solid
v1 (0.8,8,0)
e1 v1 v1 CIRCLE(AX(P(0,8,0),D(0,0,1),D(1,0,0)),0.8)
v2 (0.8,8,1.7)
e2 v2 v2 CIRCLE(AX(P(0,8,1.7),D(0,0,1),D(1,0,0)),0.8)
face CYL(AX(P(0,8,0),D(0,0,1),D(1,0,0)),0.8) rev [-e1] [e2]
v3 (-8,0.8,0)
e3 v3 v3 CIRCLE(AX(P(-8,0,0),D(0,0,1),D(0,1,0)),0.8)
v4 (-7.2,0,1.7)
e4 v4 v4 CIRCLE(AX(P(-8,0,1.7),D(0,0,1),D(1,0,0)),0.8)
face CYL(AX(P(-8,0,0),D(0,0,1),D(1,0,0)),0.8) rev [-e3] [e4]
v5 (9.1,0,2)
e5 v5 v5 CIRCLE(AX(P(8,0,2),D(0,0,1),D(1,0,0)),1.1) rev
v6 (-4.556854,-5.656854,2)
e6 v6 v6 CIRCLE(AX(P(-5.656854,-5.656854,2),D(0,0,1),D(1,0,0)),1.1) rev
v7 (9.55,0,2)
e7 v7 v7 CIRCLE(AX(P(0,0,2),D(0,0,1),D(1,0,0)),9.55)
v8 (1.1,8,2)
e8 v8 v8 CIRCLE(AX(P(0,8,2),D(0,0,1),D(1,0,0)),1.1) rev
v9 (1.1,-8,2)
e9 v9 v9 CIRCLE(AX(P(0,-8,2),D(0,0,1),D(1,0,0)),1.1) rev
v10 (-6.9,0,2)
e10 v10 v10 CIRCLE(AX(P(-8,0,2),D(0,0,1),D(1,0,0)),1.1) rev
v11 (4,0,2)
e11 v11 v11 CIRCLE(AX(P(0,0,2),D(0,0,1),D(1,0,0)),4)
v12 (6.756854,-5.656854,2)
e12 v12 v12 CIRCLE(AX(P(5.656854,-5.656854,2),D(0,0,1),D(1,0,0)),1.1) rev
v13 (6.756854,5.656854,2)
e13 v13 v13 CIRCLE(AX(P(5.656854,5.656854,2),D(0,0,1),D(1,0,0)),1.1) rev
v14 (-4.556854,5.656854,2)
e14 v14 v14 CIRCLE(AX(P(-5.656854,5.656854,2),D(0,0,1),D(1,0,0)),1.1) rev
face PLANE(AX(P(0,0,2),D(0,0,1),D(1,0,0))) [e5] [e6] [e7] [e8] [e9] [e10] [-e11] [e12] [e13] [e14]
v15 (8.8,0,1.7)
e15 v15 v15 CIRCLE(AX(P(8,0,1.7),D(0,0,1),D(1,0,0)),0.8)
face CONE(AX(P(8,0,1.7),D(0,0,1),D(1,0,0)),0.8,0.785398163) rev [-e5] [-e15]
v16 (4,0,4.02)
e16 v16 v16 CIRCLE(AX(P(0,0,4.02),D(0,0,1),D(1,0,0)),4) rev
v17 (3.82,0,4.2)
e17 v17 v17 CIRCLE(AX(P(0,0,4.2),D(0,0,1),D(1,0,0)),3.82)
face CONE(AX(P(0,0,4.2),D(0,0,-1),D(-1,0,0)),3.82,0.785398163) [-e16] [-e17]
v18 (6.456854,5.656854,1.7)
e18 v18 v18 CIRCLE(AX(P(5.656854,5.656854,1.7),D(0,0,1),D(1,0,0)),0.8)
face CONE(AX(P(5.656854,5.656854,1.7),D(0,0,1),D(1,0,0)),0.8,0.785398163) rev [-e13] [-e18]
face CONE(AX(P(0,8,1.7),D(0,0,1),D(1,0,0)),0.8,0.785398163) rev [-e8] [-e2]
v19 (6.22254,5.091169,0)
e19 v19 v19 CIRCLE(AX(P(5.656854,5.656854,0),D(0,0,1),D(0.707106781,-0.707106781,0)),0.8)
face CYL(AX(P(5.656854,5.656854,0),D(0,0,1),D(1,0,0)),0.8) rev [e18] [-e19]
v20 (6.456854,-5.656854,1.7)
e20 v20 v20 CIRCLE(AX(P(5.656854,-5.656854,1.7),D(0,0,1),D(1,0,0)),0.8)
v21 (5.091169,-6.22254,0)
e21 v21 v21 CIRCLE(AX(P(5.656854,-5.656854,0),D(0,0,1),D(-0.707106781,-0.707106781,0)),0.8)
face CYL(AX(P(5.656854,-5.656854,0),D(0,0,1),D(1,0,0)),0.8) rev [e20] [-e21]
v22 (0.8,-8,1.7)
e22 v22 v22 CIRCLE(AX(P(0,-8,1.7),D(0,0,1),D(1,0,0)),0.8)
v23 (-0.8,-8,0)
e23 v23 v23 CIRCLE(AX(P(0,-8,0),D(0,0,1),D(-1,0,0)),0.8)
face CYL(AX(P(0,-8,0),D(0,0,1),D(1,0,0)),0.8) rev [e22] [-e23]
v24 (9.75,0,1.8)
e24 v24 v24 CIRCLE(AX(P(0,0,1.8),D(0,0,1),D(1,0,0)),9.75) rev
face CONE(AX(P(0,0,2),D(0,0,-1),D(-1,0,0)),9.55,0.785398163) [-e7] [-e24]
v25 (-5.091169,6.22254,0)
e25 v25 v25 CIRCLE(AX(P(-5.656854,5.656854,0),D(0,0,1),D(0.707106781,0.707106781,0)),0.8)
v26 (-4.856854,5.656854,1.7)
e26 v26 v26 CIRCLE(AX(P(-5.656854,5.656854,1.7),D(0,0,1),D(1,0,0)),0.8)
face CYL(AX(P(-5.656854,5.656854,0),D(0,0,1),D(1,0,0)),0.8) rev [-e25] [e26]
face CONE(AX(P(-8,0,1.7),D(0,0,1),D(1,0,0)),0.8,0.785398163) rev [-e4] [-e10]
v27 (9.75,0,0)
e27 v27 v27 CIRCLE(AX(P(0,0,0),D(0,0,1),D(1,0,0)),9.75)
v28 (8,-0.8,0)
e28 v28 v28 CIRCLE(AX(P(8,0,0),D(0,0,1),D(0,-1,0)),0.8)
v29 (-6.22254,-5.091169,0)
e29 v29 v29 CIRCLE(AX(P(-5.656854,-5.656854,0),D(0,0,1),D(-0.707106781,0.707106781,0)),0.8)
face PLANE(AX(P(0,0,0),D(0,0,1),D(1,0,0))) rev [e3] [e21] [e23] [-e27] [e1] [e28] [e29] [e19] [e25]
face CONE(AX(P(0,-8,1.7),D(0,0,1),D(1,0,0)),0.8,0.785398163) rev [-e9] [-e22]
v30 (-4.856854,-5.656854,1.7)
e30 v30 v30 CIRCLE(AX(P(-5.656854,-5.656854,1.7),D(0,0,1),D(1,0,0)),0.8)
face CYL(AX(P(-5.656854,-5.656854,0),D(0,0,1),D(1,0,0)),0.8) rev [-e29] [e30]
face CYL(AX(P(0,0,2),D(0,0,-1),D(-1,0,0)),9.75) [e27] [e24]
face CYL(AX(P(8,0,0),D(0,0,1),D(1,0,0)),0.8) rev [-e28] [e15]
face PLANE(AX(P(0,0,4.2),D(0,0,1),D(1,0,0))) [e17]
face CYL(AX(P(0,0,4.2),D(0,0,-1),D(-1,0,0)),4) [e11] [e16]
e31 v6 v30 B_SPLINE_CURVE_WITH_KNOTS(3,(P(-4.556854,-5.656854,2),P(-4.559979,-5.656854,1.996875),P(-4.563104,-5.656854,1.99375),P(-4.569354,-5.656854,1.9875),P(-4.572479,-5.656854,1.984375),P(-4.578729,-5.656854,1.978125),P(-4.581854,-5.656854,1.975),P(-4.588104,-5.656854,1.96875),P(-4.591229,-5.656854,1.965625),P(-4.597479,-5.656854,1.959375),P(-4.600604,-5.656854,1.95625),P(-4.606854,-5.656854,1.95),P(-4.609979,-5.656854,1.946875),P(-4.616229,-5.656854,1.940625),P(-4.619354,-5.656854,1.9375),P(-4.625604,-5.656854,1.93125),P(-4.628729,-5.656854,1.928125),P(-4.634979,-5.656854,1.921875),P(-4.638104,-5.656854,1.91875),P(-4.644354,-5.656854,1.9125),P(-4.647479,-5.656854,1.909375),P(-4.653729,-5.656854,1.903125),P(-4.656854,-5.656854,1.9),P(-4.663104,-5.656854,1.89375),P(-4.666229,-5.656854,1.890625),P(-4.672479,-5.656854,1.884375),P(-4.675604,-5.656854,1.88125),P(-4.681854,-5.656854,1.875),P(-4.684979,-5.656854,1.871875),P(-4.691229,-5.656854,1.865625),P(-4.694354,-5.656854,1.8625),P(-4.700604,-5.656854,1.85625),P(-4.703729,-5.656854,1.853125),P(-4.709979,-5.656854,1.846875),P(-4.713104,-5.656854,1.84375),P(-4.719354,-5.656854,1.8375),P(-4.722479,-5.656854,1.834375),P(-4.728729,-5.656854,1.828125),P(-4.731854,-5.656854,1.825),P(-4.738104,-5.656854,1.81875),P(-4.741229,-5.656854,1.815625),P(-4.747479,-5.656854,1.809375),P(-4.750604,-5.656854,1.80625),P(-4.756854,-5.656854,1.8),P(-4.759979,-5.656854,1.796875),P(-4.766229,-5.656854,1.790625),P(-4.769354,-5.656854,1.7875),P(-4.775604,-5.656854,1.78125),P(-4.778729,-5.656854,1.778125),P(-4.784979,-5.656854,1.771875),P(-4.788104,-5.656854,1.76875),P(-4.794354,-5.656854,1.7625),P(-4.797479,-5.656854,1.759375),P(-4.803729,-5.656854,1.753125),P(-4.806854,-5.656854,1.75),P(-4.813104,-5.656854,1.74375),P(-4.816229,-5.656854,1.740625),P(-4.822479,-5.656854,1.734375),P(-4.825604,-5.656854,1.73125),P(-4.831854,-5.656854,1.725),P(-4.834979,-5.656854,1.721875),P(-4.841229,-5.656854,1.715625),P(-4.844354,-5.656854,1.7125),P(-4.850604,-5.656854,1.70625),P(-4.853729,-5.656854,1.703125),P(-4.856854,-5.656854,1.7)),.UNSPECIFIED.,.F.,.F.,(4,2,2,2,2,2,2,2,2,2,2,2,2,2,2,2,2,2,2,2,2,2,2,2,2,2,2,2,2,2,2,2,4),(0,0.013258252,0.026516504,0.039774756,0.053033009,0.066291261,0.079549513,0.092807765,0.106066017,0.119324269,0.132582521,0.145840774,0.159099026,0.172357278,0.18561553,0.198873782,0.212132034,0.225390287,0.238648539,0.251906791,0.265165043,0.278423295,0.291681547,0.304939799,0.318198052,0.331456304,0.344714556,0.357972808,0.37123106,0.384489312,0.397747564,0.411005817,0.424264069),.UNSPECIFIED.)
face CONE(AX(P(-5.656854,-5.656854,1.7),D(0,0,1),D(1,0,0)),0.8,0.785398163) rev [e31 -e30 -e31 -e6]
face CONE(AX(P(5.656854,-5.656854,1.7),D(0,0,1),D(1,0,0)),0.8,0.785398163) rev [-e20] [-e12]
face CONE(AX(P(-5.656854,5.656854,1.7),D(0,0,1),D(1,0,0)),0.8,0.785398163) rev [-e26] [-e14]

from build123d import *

# Parameters (mm, degrees)
SKETCH1_R                    = 9.75
BOSS_EXTRUDE1_DEPTH          = 2
SKETCH2_R                    = 4
BOSS_EXTRUDE2_DEPTH          = 2.2
CHAMFER5_SIZE                = 0.2
CHAMFER6_SIZE                = 0.18
SKETCH8_R                    = 0.8
CUT_EXTRUDE1_DEPTH           = 14.962986787
CHAMFER7_SIZE                = 0.3
CIRPATTERN4_COUNT            = 8
CHAMFER7_OF_CIRPATTERN4_SIZE = 0.3


with BuildPart() as part:
    # Sketch1 → Boss-Extrude1 (new body)
    with BuildSketch(Plane.XY):
        Circle(SKETCH1_R)
    extrude(amount=BOSS_EXTRUDE1_DEPTH)

    # Sketch2 → Boss-Extrude2 (add)
    with BuildSketch(Plane.XY.offset(2)):
        Circle(SKETCH2_R)
    extrude(amount=BOSS_EXTRUDE2_DEPTH)

    # Chamfer5
    chamfer5_edges = [part.edges().sort_by_distance(p)[0] for p in [
        (-9.75, 0, 2),
    ]]
    chamfer(chamfer5_edges, length=CHAMFER5_SIZE)

    # Chamfer6
    chamfer6_edges = [part.edges().sort_by_distance(p)[0] for p in [
        (-4, 0, 4.2),
    ]]
    chamfer(chamfer6_edges, length=CHAMFER6_SIZE)

    # Sketch8 → Cut-Extrude1 (cut, through all)
    with BuildSketch(Plane.XY.offset(2)):
        with Locations((0, 8)):
            Circle(SKETCH8_R)
    cut_extrude1 = extrude(amount=-CUT_EXTRUDE1_DEPTH, mode=Mode.SUBTRACT)

    # Chamfer7
    chamfer7_edges = [part.edges().sort_by_distance(p)[0] for p in [
        (-0.8, 8, 2),
    ]]
    chamfer(chamfer7_edges, length=CHAMFER7_SIZE)

    # CirPattern4: Cut-Extrude1 ×8 about axis
    cirpattern4_axis = Axis((0, 0, 0), (0, 0, 1))
    for i in range(1, CIRPATTERN4_COUNT):
        add(cut_extrude1.rotate(cirpattern4_axis, i * 360 / CIRPATTERN4_COUNT), mode=Mode.SUBTRACT)

    # Chamfer7 of CirPattern4
    chamfer7_of_cirpattern4_edges = [part.edges().sort_by_distance(p)[0] for p in [
        (-6.222539674, 5.091168825, 2),
        (-8, -0.8, 2),
        (-5.091168825, -6.222539674, 2),
        (0.8, -8, 2),
        (6.222539674, -5.091168825, 2),
        (8, 0.8, 2),
        (5.091168825, 6.222539674, 2),
    ]]
    chamfer(chamfer7_of_cirpattern4_edges, length=CHAMFER7_OF_CIRPATTERN4_SIZE)


solid = part.part
